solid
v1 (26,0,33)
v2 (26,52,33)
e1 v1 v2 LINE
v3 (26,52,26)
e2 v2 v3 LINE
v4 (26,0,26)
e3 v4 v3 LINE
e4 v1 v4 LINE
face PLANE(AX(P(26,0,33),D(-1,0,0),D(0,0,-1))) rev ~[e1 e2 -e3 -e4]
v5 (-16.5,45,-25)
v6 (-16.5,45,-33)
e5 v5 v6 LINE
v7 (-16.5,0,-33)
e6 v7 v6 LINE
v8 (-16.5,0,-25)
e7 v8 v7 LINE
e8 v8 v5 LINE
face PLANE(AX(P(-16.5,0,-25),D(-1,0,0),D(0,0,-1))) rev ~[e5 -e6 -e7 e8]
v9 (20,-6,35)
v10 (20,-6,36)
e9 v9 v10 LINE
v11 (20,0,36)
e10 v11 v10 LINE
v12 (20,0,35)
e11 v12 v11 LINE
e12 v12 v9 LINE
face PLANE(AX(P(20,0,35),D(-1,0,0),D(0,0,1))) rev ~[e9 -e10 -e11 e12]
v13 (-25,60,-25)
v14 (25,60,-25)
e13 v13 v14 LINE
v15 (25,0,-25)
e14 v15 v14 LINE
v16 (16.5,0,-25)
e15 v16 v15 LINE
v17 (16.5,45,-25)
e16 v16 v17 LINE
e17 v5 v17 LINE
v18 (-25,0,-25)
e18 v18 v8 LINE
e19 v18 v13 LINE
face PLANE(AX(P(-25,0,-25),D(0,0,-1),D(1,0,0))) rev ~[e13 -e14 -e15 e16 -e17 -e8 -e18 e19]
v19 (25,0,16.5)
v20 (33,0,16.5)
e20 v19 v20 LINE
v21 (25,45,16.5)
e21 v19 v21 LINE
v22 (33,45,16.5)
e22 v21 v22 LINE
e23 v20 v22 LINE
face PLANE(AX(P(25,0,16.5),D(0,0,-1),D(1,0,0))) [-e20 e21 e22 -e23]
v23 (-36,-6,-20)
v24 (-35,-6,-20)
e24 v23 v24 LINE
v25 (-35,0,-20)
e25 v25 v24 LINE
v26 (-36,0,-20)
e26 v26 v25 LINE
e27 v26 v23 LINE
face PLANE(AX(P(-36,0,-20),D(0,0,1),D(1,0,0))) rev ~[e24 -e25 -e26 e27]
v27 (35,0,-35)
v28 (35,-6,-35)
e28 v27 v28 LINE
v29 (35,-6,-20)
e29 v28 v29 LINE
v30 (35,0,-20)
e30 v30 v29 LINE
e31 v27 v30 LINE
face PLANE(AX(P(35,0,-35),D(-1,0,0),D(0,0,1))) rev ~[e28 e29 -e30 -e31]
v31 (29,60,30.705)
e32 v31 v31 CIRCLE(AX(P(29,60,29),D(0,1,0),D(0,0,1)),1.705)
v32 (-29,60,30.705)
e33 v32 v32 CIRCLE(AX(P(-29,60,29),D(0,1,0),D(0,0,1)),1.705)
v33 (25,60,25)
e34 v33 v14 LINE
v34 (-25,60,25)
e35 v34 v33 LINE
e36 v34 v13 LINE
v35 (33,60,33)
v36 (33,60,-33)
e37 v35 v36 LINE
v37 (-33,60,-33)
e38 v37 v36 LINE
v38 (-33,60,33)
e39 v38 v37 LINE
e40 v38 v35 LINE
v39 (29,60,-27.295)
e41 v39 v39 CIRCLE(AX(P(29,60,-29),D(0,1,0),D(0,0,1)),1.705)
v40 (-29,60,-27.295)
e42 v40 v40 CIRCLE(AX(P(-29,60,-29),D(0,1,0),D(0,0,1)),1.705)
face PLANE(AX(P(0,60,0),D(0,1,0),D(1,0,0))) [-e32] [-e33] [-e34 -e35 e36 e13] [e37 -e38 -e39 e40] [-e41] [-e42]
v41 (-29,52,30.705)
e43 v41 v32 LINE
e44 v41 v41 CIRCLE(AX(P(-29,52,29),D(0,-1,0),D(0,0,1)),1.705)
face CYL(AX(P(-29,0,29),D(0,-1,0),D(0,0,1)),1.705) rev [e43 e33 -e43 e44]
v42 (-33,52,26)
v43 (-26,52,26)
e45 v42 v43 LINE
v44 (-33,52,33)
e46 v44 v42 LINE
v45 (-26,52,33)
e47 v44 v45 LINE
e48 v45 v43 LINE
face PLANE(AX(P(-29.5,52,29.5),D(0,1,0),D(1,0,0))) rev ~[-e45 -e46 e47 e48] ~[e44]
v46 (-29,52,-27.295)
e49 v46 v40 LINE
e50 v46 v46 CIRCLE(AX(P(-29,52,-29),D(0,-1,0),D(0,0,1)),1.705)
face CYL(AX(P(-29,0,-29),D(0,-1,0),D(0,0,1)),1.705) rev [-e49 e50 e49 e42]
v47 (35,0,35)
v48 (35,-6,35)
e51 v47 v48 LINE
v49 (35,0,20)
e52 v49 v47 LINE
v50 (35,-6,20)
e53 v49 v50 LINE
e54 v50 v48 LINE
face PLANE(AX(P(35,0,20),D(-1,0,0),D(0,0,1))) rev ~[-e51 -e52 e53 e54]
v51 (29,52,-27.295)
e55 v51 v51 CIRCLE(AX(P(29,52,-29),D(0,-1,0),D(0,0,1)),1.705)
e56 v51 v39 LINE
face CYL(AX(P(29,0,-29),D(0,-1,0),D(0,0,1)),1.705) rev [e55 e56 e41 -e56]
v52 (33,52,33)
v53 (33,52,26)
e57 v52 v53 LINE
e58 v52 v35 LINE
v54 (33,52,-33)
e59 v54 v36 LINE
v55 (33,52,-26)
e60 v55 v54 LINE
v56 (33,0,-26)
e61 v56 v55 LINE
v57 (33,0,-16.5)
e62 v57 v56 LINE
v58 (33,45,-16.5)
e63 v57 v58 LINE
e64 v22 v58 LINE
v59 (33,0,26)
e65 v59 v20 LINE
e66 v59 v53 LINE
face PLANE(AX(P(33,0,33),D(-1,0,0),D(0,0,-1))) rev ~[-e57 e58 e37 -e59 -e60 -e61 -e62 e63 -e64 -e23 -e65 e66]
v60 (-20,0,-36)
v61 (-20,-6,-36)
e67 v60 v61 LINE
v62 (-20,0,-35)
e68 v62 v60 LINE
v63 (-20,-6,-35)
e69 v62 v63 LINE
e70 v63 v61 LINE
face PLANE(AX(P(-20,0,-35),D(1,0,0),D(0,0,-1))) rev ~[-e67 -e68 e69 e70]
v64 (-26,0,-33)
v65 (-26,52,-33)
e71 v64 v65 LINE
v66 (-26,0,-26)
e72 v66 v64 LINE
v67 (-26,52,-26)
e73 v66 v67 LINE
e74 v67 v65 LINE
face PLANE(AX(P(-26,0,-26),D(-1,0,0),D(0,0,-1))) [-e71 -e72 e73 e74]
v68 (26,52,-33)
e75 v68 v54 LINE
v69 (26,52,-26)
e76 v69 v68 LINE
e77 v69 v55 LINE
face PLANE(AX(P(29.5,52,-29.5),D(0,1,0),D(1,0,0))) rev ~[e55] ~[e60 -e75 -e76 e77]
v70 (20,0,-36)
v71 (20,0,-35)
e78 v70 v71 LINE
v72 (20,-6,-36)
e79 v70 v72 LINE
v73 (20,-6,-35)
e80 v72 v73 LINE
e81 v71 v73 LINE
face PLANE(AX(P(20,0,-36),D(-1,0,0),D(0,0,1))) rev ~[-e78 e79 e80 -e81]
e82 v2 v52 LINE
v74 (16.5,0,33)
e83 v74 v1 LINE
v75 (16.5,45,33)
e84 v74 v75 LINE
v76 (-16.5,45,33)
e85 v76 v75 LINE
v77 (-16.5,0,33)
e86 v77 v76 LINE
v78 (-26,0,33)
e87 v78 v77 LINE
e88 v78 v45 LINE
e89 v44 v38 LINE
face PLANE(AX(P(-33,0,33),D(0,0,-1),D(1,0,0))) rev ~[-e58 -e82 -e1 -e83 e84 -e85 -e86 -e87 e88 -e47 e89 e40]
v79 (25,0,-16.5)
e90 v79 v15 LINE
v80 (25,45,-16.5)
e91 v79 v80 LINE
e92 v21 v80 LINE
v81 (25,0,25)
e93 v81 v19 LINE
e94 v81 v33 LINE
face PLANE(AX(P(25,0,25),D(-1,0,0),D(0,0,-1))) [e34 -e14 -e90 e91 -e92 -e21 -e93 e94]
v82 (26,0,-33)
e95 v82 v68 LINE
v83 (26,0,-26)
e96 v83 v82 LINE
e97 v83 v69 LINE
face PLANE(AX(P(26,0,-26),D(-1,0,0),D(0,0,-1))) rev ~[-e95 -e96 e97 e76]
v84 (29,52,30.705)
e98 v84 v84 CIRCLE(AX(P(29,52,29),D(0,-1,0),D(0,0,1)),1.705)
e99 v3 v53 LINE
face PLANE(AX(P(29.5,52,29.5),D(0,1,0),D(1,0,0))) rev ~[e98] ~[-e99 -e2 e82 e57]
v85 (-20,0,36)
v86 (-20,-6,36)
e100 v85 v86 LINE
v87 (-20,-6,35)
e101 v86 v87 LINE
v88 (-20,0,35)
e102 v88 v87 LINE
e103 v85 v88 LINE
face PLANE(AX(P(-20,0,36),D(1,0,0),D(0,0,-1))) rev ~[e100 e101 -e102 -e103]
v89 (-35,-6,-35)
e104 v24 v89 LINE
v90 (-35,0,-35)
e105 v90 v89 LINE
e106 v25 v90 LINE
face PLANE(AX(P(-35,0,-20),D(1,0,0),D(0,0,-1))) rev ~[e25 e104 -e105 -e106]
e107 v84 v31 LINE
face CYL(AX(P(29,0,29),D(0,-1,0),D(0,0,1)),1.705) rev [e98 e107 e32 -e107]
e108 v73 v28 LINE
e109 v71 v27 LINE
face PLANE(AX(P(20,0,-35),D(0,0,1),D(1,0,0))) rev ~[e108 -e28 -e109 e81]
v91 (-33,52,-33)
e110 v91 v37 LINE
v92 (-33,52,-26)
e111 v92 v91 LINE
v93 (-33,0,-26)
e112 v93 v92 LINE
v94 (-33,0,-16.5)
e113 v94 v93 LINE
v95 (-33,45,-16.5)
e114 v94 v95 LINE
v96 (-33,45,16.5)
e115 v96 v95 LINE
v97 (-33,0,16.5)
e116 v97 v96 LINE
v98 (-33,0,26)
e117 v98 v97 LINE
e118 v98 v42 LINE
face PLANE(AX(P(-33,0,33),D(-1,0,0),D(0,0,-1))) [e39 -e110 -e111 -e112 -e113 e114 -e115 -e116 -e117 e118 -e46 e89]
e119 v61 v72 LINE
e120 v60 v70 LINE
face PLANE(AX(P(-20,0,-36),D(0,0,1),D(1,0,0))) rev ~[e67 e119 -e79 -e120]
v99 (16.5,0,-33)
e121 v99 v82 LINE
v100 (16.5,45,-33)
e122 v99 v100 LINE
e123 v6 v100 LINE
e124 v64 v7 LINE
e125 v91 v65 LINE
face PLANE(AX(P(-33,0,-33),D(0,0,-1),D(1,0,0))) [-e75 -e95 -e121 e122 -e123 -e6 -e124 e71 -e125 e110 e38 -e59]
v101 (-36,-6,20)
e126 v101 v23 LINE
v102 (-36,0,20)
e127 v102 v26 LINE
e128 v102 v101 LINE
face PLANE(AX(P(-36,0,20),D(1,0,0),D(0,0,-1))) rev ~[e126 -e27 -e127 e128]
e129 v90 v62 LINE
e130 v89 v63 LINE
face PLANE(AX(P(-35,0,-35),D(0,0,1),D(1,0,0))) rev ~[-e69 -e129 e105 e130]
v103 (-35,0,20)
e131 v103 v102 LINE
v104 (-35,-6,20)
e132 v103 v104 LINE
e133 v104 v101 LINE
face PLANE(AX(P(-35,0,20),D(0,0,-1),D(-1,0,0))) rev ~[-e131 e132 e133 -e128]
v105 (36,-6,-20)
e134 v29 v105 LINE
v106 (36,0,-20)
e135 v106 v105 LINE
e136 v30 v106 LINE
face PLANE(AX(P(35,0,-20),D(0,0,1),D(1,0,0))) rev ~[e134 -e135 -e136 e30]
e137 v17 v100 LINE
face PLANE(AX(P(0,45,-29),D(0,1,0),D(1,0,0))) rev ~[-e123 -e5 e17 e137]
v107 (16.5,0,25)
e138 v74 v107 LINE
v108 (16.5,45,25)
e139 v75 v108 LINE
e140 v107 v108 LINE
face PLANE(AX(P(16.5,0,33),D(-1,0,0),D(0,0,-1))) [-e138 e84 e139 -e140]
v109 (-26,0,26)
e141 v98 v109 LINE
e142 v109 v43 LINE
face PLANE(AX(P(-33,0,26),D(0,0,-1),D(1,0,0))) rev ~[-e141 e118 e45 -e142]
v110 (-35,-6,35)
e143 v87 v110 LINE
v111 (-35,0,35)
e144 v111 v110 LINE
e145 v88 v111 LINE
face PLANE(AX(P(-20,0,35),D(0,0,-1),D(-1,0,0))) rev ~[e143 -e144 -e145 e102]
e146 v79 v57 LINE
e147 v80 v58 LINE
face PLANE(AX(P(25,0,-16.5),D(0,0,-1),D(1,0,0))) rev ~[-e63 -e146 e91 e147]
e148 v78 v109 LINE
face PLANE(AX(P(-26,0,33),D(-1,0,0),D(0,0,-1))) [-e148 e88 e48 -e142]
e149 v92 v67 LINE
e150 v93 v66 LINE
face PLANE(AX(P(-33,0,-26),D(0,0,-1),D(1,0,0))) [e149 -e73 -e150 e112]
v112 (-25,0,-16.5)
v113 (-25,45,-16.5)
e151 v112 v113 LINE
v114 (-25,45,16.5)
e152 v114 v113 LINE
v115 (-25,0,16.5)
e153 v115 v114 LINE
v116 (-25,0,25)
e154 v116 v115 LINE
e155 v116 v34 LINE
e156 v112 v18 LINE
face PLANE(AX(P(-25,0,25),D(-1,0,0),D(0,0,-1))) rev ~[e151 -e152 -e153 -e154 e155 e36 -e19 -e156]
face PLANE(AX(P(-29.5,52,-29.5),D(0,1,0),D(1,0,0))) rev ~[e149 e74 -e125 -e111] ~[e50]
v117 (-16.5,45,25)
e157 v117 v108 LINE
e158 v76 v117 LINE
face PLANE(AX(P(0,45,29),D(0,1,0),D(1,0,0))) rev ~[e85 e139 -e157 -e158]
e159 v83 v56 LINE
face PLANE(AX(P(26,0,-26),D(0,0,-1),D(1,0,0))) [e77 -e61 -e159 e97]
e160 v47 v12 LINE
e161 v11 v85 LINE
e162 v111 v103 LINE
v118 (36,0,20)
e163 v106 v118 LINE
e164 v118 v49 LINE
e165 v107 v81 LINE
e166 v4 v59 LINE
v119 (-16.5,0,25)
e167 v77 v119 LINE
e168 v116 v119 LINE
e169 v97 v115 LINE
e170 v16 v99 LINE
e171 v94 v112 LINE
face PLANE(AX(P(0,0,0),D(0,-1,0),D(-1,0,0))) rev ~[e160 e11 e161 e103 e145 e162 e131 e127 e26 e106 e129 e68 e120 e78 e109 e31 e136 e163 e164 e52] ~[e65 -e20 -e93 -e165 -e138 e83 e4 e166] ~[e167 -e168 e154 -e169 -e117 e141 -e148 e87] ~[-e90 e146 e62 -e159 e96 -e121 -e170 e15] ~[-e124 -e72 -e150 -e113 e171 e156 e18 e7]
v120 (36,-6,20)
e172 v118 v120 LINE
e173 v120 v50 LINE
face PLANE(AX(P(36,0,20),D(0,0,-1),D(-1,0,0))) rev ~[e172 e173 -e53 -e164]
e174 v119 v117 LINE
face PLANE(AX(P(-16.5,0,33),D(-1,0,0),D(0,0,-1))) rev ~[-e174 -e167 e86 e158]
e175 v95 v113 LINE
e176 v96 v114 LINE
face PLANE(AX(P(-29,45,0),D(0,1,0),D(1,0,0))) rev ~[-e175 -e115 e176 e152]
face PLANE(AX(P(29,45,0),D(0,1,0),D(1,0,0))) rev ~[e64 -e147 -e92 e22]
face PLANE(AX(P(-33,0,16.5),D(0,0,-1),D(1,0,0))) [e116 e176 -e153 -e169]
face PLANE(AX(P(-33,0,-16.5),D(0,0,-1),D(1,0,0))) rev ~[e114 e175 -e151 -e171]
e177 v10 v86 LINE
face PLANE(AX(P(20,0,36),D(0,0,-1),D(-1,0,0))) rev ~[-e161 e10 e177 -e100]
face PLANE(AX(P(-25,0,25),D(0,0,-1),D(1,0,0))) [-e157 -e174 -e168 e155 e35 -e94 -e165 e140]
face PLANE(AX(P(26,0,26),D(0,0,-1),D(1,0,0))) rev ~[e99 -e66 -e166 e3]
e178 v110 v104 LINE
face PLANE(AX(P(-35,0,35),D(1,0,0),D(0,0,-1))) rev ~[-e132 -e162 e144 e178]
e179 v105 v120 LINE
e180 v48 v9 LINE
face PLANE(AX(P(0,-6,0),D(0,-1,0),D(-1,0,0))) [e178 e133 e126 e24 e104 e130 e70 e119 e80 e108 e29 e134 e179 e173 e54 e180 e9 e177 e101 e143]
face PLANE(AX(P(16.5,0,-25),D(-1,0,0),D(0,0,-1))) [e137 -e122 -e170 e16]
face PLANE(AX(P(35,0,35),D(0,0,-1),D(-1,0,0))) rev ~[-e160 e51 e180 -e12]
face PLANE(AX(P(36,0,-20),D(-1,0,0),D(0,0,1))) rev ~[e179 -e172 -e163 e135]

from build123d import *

# Parameters (mm, degrees)
BOSS_EXTRUDE1_DEPTH = 6
SKETCH2_W           = 66
SKETCH2_H           = 66
SKETCH2_R           = 1.705
SKETCH2_W_2         = 50
SKETCH2_H_2         = 50
BOSS_EXTRUDE2_DEPTH = 60
SKETCH4_W           = 7
SKETCH4_H           = 7
CUT_EXTRUDE2_DEPTH  = 52
SKETCH5_W           = 33
SKETCH5_H           = 8
SKETCH5_W_2         = 8
SKETCH5_H_2         = 33
CUT_EXTRUDE3_DEPTH  = 45


with BuildPart() as part:
    # Sketch1 → Boss-Extrude1 (new body)
    with BuildSketch(Plane(origin=(0, 0, 0), x_dir=(1, 0, 0), z_dir=(0, 1, 0))):
        Polygon((-20, 36), (20, 36), (20, 35), (35, 35), (35, 20), (36, 20), (36, -20), (35, -20), (35, -35), (20, -35), (20, -36), (-20, -36), (-20, -35), (-35, -35), (-35, -20), (-36, -20), (-36, 20), (-35, 20), (-35, 35), (-20, 35), align=None)
    extrude(amount=-BOSS_EXTRUDE1_DEPTH)

    # Sketch2 → Boss-Extrude2 (add)
    with BuildSketch(Plane(origin=(0, 0, 0), x_dir=(1, 0, 0), z_dir=(0, 1, 0))):
        Rectangle(SKETCH2_W, SKETCH2_H)
        with Locations(Location((29, 29, 0), (0, 0, 270))):
            Circle(SKETCH2_R, mode=Mode.SUBTRACT)
        with Locations(Location((-29, 29, 0), (0, 0, 270))):
            Circle(SKETCH2_R, mode=Mode.SUBTRACT)
        with Locations(Location((29, -29, 0), (0, 0, 270))):
            Circle(SKETCH2_R, mode=Mode.SUBTRACT)
        with Locations(Location((-29, -29, 0), (0, 0, 270))):
            Circle(SKETCH2_R, mode=Mode.SUBTRACT)
        Rectangle(SKETCH2_W_2, SKETCH2_H_2, mode=Mode.SUBTRACT)
    extrude(amount=BOSS_EXTRUDE2_DEPTH)

    # Sketch4 → Cut-Extrude2 (cut)
    with BuildSketch(Plane(origin=(0, 0, 0), x_dir=(1, 0, 0), z_dir=(0, 1, 0))):
        with Locations((-29.5, 29.5)):
            Rectangle(SKETCH4_W, SKETCH4_H)
        with Locations((29.5, 29.5)):
            Rectangle(SKETCH4_W, SKETCH4_H)
        with Locations((29.5, -29.5)):
            Rectangle(SKETCH4_W, SKETCH4_H)
        with Locations((-29.5, -29.5)):
            Rectangle(SKETCH4_W, SKETCH4_H)
    extrude(amount=CUT_EXTRUDE2_DEPTH, mode=Mode.SUBTRACT)

    # Sketch5 → Cut-Extrude3 (cut)
    with BuildSketch(Plane(origin=(0, 0, 0), x_dir=(1, 0, 0), z_dir=(0, 1, 0))):
        with Locations((0, 29)):
            Rectangle(SKETCH5_W, SKETCH5_H)
        with Locations((0, -29)):
            Rectangle(SKETCH5_W, SKETCH5_H)
        with Locations((29, 0)):
            Rectangle(SKETCH5_W_2, SKETCH5_H_2)
        with Locations((-29, 0)):
            Rectangle(SKETCH5_W_2, SKETCH5_H_2)
    extrude(amount=CUT_EXTRUDE3_DEPTH, mode=Mode.SUBTRACT)


solid = part.part
